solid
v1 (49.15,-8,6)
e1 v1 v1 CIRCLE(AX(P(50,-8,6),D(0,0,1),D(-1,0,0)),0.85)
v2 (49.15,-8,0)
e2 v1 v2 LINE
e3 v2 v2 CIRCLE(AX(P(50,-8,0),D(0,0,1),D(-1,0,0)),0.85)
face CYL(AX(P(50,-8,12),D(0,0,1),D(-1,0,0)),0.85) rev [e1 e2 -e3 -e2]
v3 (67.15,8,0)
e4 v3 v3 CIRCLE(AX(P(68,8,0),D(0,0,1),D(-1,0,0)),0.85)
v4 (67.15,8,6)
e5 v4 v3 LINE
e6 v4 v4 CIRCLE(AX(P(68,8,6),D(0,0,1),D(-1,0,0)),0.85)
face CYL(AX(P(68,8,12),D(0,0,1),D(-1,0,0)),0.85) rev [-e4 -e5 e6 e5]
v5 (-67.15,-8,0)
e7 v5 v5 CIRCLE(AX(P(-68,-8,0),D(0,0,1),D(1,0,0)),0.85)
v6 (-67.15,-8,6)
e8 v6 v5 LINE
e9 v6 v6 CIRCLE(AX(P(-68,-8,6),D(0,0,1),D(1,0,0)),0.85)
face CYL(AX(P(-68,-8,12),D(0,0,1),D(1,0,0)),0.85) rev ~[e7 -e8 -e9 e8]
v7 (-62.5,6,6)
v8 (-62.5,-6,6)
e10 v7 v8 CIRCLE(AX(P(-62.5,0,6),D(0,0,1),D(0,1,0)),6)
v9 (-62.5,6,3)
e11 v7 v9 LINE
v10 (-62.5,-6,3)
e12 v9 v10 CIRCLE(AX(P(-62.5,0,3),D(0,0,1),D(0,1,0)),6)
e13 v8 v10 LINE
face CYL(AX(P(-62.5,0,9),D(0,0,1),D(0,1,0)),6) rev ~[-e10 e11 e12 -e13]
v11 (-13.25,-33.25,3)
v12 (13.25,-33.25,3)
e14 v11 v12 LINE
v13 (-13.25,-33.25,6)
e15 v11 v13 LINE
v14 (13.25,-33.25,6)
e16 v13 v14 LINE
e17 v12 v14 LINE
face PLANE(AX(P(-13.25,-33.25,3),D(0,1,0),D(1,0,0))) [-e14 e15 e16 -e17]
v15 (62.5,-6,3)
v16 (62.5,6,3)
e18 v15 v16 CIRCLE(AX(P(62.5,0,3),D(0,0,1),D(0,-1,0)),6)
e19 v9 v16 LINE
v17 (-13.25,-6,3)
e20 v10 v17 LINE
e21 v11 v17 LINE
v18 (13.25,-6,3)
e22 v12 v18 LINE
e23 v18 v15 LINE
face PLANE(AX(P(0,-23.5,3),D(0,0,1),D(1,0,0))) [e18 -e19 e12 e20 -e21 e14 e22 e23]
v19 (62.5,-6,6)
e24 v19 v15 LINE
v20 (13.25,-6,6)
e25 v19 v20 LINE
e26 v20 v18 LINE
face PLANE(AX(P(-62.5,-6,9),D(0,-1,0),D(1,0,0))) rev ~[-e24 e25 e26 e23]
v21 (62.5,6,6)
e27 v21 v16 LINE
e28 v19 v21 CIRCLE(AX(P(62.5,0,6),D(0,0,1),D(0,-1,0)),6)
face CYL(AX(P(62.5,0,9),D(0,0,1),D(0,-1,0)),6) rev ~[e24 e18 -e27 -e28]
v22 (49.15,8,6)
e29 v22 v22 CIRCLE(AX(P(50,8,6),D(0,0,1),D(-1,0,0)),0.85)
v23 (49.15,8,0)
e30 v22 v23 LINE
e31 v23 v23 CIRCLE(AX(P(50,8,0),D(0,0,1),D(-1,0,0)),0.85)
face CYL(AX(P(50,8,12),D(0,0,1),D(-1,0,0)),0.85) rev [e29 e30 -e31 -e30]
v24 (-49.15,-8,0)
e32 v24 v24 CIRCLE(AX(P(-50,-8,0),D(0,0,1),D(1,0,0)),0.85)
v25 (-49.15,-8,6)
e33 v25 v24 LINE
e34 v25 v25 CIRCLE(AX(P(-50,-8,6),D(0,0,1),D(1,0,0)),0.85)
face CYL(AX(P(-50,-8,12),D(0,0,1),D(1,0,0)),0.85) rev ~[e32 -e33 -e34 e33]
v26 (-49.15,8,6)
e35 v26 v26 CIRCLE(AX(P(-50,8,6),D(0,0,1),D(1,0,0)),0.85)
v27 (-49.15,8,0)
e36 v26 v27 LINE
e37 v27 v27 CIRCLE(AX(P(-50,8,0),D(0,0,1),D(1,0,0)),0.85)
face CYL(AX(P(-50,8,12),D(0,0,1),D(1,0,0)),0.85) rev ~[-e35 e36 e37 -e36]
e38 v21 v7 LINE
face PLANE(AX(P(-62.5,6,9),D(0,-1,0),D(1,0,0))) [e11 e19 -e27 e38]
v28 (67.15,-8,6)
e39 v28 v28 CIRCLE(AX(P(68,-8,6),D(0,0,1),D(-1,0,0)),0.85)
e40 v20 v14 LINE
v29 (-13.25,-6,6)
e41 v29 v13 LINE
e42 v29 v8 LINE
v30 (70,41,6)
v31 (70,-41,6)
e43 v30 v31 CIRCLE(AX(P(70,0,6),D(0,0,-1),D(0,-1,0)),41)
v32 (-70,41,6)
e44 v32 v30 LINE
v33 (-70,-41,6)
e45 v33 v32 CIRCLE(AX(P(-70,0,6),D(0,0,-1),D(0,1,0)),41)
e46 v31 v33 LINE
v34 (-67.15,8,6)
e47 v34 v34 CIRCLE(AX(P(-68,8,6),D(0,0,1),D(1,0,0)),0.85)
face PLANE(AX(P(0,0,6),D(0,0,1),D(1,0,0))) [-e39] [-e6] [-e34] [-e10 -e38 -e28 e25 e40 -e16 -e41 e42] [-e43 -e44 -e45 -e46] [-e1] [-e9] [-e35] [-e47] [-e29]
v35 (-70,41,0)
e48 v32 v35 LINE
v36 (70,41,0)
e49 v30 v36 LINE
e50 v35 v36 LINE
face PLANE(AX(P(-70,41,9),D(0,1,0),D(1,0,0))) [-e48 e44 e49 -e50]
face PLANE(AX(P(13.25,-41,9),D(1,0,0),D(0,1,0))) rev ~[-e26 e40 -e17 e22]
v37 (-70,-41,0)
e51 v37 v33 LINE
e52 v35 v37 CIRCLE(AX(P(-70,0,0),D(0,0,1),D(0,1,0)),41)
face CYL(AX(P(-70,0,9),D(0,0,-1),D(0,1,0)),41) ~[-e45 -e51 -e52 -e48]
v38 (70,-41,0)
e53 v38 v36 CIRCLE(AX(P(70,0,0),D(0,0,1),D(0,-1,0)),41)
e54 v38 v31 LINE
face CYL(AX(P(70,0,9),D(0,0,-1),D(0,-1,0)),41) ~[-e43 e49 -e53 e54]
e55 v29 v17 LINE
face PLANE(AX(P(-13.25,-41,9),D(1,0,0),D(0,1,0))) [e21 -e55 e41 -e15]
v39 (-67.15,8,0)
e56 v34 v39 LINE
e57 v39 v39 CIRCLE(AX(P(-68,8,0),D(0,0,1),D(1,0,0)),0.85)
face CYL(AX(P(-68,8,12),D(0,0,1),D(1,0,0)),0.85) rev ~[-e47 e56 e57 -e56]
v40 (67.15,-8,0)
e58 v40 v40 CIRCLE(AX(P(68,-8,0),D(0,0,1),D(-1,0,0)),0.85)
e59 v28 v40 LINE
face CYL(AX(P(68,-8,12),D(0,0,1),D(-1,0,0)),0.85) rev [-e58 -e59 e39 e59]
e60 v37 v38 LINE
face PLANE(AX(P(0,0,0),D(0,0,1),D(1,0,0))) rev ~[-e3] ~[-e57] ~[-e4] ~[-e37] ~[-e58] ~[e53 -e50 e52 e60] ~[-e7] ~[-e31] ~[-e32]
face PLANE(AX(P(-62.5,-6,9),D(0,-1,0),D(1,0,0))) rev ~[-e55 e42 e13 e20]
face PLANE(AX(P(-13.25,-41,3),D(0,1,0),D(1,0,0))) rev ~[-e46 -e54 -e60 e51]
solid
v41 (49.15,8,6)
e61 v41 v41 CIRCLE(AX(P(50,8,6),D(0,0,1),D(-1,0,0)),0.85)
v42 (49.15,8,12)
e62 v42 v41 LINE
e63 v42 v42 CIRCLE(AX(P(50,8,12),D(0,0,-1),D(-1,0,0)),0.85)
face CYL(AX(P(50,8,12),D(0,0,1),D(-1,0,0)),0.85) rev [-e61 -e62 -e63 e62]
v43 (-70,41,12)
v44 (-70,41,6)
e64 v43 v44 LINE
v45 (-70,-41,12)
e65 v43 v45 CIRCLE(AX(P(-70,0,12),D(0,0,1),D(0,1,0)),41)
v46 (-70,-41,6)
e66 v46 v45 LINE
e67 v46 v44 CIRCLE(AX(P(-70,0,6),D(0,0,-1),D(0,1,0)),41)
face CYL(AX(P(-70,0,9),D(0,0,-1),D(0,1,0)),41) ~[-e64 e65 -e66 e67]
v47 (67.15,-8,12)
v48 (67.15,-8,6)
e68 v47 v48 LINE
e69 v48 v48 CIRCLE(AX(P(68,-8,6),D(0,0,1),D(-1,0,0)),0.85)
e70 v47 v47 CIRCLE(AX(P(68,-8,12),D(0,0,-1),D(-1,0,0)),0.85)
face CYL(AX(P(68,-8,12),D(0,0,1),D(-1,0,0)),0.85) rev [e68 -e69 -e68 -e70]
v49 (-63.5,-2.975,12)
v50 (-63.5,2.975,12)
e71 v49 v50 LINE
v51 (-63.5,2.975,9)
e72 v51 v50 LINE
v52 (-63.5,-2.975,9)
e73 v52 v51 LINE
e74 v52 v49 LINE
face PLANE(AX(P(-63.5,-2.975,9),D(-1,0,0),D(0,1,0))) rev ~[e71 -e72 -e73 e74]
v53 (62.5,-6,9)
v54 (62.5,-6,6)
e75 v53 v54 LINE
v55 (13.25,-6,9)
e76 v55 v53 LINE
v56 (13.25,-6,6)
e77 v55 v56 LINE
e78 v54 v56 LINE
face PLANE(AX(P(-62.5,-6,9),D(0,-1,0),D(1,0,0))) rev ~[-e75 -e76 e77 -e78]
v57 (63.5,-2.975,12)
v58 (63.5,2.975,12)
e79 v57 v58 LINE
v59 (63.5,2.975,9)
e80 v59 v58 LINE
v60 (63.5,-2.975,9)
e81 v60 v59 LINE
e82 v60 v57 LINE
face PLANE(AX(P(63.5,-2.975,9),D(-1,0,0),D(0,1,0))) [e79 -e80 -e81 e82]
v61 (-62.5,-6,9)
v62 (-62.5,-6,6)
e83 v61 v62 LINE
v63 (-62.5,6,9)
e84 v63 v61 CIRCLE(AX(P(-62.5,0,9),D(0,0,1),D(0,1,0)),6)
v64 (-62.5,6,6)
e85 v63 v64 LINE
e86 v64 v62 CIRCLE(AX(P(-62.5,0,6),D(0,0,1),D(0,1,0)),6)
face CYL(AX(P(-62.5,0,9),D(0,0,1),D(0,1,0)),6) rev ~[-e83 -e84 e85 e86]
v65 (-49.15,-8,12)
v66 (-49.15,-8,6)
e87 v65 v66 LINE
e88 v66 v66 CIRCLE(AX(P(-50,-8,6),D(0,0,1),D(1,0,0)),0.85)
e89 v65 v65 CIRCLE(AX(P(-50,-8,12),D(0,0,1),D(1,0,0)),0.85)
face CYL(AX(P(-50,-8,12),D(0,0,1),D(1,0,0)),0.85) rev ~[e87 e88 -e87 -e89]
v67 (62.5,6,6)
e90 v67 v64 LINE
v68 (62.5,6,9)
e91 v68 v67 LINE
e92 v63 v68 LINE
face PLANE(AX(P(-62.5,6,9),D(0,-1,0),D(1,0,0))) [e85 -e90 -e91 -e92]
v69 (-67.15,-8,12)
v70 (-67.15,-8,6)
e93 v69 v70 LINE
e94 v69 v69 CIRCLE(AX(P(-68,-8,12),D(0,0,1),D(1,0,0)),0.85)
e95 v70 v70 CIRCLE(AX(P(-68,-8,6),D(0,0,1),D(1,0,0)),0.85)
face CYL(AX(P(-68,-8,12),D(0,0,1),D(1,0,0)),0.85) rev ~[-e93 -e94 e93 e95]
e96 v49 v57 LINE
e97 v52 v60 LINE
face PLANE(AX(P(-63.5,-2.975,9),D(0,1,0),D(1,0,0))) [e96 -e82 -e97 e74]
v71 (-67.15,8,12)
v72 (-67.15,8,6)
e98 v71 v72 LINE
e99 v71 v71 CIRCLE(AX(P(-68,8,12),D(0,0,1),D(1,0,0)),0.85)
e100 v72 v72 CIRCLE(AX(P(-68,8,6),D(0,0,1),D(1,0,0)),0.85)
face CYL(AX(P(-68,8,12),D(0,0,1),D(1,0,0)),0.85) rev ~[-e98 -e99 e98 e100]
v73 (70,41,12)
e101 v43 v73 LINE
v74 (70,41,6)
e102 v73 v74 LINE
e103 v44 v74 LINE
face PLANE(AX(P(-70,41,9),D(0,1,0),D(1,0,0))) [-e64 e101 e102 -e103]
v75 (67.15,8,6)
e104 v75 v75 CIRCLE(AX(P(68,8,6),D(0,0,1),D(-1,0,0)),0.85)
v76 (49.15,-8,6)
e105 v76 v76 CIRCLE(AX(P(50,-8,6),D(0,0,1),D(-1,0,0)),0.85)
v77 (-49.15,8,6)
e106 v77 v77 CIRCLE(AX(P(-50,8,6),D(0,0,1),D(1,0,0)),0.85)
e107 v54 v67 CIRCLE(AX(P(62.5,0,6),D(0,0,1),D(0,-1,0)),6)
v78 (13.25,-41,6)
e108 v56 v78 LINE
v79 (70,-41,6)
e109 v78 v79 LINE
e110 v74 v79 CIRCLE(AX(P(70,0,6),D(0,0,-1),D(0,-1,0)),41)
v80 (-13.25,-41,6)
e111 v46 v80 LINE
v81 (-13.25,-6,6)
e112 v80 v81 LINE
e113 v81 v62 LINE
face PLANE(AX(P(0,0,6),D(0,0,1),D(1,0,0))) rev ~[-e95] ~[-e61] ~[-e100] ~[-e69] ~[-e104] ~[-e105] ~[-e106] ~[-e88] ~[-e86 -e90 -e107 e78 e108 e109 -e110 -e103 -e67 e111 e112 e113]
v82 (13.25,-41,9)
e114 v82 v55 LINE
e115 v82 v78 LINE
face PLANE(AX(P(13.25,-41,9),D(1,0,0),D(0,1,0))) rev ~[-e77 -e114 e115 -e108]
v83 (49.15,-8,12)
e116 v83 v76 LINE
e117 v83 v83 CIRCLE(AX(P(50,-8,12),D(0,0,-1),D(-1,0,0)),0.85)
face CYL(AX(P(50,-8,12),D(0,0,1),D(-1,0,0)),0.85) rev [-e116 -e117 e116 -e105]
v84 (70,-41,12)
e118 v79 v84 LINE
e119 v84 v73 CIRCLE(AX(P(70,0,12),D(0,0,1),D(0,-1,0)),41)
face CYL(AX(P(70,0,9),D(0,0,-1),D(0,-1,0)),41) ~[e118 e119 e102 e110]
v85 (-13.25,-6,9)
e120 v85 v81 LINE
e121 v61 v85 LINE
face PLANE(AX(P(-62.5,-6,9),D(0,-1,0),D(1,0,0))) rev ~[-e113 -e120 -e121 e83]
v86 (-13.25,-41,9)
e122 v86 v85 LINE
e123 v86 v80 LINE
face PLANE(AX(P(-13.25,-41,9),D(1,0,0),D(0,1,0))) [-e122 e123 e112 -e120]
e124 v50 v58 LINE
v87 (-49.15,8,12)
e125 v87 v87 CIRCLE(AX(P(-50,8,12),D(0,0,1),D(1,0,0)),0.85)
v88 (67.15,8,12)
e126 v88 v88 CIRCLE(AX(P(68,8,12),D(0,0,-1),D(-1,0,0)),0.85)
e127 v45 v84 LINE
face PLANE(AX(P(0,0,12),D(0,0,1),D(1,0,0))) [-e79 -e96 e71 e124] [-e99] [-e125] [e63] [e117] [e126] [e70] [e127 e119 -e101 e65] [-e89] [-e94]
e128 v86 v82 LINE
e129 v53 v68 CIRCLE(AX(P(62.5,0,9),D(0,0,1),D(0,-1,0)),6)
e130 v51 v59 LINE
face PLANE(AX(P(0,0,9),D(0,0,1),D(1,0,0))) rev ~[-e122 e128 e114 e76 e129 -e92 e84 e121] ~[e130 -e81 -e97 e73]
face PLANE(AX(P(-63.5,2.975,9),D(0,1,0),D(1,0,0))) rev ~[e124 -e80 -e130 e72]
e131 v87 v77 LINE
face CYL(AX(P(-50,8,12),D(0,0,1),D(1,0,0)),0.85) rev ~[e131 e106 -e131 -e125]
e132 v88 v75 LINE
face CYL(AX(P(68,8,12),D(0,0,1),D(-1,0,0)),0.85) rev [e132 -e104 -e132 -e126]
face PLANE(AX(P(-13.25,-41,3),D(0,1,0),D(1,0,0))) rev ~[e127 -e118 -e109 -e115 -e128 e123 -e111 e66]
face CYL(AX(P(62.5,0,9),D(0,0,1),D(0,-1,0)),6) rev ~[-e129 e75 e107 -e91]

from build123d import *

# Parameters (mm, degrees)
BOX_BOTTOM_HALF_0_W     = 224
BOX_BOTTOM_HALF_0_H     = 84
BOX_BOTTOM_HALF_0_DEPTH = 7
PAD_DEPTH               = 9
POCKET_DEPTH            = 6
SKETCH002_W             = 26.5
SKETCH002_H             = 35
POCKET001_DEPTH         = 6
SKETCH003_W             = 127
SKETCH003_H             = 5.95
PAD001_DEPTH            = 3
SKETCH004_R             = 0.85
POCKET002_DEPTH         = 485.929265
SKETCH005_W             = 26.5
SKETCH005_H             = 7.75
PAD002_DEPTH            = 3


with BuildPart() as box_bottom_half_0_body:
    # box_bottom_half_0 → box_bottom_half_0 (new body)
    with BuildSketch(Plane(origin=(-112, -42, -1), x_dir=(1, 0, 0), z_dir=(0, 0, 1))):
        with Locations((112, 42)):
            Rectangle(BOX_BOTTOM_HALF_0_W, BOX_BOTTOM_HALF_0_H)
    extrude(amount=BOX_BOTTOM_HALF_0_DEPTH)


with BuildPart() as body:
    # Sketch → Pad (new body)
    with BuildSketch(Plane.XY):
        with BuildLine():
            ThreePointArc((-70, 41), (-111, 0), (-70, -41))
            Line((-70, -41), (70, -41))
            ThreePointArc((70, -41), (111, 0), (70, 41))
            Line((-70, 41), (70, 41))
        make_face()
    extrude(amount=PAD_DEPTH)

    # Sketch001 (on Face6 of Pad) → Pocket (cut)
    with BuildSketch(Plane.XY.offset(9)):
        with BuildLine():
            ThreePointArc((-62.5, 6), (-68.5, 0), (-62.5, -6))
            Line((-62.5, -6), (62.5, -6))
            ThreePointArc((62.5, -6), (68.5, 0), (62.5, 6))
            Line((-62.5, 6), (62.5, 6))
        make_face()
    extrude(amount=-POCKET_DEPTH, mode=Mode.SUBTRACT)

    # Sketch002 (on Face5 of Pocket) → Pocket001 (cut)
    with BuildSketch(Plane.XY.offset(9)):
        with Locations((0, -23.5)):
            Rectangle(SKETCH002_W, SKETCH002_H)
    extrude(amount=-POCKET001_DEPTH, mode=Mode.SUBTRACT)

    # Sketch003 (on Face5 of Pocket001) → Pad001 (join)
    with BuildSketch(Plane.XY.offset(9)):
        with BuildLine():
            ThreePointArc((-70, 41), (-111, 0), (-70, -41))
            Line((-70, -41), (70, -41))
            ThreePointArc((70, -41), (111, 0), (70, 41))
            Line((-70, 41), (70, 41))
        make_face()
        Rectangle(SKETCH003_W, SKETCH003_H, mode=Mode.SUBTRACT)
    extrude(amount=PAD001_DEPTH)

    # Sketch004 (on Face12 of Pad001) → Pocket002 (cut, through all)
    with BuildSketch(Plane.XY.offset(12)):
        with Locations((-68, -8)):
            Circle(SKETCH004_R)
        with Locations((-50, -8)):
            Circle(SKETCH004_R)
        with Locations((-50, 8)):
            Circle(SKETCH004_R)
        with Locations((-68, 8)):
            Circle(SKETCH004_R)
    pocket002 = extrude(amount=-POCKET002_DEPTH, mode=Mode.SUBTRACT)

    # Sketch005 (on Face10 of Pocket002) → Pad002 (join)
    with BuildSketch(Plane.XY.offset(3)):
        with Locations((0, -37.125)):
            Rectangle(SKETCH005_W, SKETCH005_H)
    extrude(amount=PAD002_DEPTH)

    # Mirrored: Pocket002 across Sketch004 V_Axis
    add(pocket002.mirror(Plane(origin=(0, 0, 12), x_dir=(0, 0, 1), z_dir=(1, 0, 0))), mode=Mode.SUBTRACT)


with BuildPart() as bottom_half_0_body:
    # bottom_half_0 base: copy of Body
    add(body.part)

    # bottom_half_0: intersect box_bottom_half_0 body
    add(box_bottom_half_0_body.part, mode=Mode.INTERSECT)


with BuildPart() as top_half_0_body:
    # top_half_0 base: copy of Body
    add(body.part)

    # top_half_0: cut box_bottom_half_0 body
    add(box_bottom_half_0_body.part, mode=Mode.SUBTRACT)


solid = Compound([bottom_half_0_body.part, top_half_0_body.part])
